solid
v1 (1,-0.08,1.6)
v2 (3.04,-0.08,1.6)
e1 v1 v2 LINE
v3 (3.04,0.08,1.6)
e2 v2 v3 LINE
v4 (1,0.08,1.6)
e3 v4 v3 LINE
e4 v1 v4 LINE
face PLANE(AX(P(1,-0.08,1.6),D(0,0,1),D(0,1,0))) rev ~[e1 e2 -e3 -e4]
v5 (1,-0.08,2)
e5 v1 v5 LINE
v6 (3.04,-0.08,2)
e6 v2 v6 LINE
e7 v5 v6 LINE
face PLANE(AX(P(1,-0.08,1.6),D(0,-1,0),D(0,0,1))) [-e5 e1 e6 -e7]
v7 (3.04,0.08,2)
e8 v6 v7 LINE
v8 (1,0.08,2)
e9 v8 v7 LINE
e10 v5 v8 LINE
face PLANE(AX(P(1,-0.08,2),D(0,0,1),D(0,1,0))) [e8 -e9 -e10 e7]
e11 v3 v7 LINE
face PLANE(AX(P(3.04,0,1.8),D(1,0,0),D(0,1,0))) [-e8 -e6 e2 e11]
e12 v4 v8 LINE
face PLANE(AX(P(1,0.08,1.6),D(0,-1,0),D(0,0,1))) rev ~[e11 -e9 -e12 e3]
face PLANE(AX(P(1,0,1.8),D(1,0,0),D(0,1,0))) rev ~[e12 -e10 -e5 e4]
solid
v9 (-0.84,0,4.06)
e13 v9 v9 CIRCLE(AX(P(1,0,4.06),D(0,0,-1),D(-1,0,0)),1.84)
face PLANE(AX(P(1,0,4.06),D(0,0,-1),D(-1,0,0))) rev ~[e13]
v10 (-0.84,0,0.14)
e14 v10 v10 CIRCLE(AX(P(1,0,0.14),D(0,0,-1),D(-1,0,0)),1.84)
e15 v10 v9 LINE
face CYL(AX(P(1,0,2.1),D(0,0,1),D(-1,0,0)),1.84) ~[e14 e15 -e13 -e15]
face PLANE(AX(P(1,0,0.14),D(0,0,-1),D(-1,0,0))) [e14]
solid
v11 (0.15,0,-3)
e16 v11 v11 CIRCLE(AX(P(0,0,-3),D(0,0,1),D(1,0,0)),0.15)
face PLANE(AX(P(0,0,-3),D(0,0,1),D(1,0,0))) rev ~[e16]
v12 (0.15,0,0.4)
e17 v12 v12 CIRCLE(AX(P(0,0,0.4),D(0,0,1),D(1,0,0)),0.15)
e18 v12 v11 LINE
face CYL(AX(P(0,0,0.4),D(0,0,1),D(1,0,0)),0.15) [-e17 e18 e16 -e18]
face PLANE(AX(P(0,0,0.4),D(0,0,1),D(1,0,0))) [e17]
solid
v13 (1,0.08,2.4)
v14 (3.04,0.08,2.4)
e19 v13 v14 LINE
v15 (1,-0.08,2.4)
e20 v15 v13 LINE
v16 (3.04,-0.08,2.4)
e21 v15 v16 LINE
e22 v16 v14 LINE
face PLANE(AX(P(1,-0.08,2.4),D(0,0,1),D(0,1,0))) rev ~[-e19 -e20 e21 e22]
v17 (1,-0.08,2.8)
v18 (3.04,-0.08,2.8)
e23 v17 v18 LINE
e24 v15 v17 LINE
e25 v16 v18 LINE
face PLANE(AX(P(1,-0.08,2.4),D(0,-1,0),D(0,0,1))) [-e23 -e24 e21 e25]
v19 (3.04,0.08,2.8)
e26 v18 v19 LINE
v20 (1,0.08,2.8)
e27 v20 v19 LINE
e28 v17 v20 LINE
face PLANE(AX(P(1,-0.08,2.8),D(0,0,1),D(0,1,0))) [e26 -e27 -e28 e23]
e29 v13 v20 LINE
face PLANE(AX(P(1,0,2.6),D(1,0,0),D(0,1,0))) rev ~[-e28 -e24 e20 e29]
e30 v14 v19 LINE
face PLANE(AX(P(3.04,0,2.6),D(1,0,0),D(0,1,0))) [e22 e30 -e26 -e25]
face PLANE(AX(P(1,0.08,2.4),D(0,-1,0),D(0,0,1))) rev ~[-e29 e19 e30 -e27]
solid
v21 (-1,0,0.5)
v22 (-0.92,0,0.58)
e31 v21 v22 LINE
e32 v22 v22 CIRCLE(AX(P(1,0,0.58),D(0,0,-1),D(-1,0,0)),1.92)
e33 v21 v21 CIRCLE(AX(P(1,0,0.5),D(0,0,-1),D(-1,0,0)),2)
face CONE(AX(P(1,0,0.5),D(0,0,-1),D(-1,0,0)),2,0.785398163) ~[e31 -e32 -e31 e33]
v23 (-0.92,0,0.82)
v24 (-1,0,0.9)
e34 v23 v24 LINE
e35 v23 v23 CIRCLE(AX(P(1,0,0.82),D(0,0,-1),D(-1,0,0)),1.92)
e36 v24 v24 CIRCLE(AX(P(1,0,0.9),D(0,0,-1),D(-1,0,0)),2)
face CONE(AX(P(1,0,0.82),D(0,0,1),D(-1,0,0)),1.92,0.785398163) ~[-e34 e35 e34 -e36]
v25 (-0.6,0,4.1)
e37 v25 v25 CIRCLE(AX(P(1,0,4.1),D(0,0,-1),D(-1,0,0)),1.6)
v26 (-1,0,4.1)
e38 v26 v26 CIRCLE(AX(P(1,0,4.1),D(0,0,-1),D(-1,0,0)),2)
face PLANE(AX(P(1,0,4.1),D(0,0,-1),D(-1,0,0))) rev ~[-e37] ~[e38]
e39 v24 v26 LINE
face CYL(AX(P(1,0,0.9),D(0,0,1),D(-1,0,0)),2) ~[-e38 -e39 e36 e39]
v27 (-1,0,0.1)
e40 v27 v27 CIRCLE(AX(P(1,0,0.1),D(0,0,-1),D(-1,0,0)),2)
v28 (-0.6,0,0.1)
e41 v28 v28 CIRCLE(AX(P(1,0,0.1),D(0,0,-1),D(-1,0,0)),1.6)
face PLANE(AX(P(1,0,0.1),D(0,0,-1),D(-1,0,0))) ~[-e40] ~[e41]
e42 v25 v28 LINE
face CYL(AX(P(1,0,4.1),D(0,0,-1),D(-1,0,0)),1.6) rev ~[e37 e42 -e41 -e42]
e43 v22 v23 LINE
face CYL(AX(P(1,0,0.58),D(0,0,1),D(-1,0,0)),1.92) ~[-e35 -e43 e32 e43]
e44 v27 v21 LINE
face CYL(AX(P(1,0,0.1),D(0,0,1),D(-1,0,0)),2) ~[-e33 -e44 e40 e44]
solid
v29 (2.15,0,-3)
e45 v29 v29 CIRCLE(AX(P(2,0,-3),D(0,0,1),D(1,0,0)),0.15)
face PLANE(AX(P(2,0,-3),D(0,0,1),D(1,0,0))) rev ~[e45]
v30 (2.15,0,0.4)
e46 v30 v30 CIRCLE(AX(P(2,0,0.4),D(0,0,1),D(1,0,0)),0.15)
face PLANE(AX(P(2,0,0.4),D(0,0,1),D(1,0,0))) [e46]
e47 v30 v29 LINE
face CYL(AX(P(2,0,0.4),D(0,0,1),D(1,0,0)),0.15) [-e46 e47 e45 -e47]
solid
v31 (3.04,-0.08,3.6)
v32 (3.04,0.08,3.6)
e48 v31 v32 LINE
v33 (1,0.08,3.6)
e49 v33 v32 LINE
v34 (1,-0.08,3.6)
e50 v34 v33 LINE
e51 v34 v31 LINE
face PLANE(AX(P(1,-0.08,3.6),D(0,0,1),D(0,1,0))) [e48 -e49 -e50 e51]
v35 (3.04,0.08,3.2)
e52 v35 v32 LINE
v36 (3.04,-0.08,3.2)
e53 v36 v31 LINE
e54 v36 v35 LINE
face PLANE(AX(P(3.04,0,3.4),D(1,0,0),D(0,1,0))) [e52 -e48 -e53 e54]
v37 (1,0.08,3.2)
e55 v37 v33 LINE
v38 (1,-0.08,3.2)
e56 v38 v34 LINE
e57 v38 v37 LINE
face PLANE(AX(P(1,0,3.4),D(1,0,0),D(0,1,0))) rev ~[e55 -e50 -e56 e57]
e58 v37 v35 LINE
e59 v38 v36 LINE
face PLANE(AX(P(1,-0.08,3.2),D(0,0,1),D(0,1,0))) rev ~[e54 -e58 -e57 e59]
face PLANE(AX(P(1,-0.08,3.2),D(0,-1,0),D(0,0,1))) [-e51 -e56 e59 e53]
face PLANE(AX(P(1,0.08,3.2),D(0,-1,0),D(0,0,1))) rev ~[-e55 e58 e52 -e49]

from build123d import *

# Parameters (mm, degrees)
SKETCH002_W  = 1.84
SKETCH002_H  = 3.92
SKETCH003_R  = 0.15
PAD_DEPTH    = 3.4
SKETCH004_W  = 0.16
SKETCH004_H  = 0.4
PAD001_DEPTH = 2.04


with BuildPart() as revolution:
    # Sketch → Revolution (revolve)
    with BuildSketch(Plane.XZ):
        Polygon((-1, 0.1), (-1, 0.5), (-0.92, 0.58), (-0.92, 0.82), (-1, 0.9), (-1, 4.1), (-0.6, 4.1), (-0.6, 0.1), align=None)
    revolve(axis=Axis((1, 0, 7.548619), (0, 0, -1)))


with BuildPart() as revolution001:
    # Sketch002 → Revolution001 (revolve)
    with BuildSketch(Plane.XZ):
        with Locations((0.08, 2.1)):
            Rectangle(SKETCH002_W, SKETCH002_H)
    revolve(axis=Axis((1, 0, 4.680116), (0, 0, -1)))


with BuildPart() as pad:
    # Sketch003 → Pad (new body)
    with BuildSketch(Plane.XY.offset(0.4)):
        Circle(SKETCH003_R)
        with Locations((2, 0)):
            Circle(SKETCH003_R)
    extrude(amount=-PAD_DEPTH)


with BuildPart() as pad001:
    # Sketch004 → Pad001 (new body)
    with BuildSketch(Plane.YZ.offset(1)):
        with Locations((0, 1.8)):
            Rectangle(SKETCH004_W, SKETCH004_H)
        with Locations((0, 2.6)):
            Rectangle(SKETCH004_W, SKETCH004_H)
        with Locations((0, 3.4)):
            Rectangle(SKETCH004_W, SKETCH004_H)
    extrude(amount=PAD001_DEPTH)


solid = Compound([revolution.part, revolution001.part, pad.part, pad001.part])
